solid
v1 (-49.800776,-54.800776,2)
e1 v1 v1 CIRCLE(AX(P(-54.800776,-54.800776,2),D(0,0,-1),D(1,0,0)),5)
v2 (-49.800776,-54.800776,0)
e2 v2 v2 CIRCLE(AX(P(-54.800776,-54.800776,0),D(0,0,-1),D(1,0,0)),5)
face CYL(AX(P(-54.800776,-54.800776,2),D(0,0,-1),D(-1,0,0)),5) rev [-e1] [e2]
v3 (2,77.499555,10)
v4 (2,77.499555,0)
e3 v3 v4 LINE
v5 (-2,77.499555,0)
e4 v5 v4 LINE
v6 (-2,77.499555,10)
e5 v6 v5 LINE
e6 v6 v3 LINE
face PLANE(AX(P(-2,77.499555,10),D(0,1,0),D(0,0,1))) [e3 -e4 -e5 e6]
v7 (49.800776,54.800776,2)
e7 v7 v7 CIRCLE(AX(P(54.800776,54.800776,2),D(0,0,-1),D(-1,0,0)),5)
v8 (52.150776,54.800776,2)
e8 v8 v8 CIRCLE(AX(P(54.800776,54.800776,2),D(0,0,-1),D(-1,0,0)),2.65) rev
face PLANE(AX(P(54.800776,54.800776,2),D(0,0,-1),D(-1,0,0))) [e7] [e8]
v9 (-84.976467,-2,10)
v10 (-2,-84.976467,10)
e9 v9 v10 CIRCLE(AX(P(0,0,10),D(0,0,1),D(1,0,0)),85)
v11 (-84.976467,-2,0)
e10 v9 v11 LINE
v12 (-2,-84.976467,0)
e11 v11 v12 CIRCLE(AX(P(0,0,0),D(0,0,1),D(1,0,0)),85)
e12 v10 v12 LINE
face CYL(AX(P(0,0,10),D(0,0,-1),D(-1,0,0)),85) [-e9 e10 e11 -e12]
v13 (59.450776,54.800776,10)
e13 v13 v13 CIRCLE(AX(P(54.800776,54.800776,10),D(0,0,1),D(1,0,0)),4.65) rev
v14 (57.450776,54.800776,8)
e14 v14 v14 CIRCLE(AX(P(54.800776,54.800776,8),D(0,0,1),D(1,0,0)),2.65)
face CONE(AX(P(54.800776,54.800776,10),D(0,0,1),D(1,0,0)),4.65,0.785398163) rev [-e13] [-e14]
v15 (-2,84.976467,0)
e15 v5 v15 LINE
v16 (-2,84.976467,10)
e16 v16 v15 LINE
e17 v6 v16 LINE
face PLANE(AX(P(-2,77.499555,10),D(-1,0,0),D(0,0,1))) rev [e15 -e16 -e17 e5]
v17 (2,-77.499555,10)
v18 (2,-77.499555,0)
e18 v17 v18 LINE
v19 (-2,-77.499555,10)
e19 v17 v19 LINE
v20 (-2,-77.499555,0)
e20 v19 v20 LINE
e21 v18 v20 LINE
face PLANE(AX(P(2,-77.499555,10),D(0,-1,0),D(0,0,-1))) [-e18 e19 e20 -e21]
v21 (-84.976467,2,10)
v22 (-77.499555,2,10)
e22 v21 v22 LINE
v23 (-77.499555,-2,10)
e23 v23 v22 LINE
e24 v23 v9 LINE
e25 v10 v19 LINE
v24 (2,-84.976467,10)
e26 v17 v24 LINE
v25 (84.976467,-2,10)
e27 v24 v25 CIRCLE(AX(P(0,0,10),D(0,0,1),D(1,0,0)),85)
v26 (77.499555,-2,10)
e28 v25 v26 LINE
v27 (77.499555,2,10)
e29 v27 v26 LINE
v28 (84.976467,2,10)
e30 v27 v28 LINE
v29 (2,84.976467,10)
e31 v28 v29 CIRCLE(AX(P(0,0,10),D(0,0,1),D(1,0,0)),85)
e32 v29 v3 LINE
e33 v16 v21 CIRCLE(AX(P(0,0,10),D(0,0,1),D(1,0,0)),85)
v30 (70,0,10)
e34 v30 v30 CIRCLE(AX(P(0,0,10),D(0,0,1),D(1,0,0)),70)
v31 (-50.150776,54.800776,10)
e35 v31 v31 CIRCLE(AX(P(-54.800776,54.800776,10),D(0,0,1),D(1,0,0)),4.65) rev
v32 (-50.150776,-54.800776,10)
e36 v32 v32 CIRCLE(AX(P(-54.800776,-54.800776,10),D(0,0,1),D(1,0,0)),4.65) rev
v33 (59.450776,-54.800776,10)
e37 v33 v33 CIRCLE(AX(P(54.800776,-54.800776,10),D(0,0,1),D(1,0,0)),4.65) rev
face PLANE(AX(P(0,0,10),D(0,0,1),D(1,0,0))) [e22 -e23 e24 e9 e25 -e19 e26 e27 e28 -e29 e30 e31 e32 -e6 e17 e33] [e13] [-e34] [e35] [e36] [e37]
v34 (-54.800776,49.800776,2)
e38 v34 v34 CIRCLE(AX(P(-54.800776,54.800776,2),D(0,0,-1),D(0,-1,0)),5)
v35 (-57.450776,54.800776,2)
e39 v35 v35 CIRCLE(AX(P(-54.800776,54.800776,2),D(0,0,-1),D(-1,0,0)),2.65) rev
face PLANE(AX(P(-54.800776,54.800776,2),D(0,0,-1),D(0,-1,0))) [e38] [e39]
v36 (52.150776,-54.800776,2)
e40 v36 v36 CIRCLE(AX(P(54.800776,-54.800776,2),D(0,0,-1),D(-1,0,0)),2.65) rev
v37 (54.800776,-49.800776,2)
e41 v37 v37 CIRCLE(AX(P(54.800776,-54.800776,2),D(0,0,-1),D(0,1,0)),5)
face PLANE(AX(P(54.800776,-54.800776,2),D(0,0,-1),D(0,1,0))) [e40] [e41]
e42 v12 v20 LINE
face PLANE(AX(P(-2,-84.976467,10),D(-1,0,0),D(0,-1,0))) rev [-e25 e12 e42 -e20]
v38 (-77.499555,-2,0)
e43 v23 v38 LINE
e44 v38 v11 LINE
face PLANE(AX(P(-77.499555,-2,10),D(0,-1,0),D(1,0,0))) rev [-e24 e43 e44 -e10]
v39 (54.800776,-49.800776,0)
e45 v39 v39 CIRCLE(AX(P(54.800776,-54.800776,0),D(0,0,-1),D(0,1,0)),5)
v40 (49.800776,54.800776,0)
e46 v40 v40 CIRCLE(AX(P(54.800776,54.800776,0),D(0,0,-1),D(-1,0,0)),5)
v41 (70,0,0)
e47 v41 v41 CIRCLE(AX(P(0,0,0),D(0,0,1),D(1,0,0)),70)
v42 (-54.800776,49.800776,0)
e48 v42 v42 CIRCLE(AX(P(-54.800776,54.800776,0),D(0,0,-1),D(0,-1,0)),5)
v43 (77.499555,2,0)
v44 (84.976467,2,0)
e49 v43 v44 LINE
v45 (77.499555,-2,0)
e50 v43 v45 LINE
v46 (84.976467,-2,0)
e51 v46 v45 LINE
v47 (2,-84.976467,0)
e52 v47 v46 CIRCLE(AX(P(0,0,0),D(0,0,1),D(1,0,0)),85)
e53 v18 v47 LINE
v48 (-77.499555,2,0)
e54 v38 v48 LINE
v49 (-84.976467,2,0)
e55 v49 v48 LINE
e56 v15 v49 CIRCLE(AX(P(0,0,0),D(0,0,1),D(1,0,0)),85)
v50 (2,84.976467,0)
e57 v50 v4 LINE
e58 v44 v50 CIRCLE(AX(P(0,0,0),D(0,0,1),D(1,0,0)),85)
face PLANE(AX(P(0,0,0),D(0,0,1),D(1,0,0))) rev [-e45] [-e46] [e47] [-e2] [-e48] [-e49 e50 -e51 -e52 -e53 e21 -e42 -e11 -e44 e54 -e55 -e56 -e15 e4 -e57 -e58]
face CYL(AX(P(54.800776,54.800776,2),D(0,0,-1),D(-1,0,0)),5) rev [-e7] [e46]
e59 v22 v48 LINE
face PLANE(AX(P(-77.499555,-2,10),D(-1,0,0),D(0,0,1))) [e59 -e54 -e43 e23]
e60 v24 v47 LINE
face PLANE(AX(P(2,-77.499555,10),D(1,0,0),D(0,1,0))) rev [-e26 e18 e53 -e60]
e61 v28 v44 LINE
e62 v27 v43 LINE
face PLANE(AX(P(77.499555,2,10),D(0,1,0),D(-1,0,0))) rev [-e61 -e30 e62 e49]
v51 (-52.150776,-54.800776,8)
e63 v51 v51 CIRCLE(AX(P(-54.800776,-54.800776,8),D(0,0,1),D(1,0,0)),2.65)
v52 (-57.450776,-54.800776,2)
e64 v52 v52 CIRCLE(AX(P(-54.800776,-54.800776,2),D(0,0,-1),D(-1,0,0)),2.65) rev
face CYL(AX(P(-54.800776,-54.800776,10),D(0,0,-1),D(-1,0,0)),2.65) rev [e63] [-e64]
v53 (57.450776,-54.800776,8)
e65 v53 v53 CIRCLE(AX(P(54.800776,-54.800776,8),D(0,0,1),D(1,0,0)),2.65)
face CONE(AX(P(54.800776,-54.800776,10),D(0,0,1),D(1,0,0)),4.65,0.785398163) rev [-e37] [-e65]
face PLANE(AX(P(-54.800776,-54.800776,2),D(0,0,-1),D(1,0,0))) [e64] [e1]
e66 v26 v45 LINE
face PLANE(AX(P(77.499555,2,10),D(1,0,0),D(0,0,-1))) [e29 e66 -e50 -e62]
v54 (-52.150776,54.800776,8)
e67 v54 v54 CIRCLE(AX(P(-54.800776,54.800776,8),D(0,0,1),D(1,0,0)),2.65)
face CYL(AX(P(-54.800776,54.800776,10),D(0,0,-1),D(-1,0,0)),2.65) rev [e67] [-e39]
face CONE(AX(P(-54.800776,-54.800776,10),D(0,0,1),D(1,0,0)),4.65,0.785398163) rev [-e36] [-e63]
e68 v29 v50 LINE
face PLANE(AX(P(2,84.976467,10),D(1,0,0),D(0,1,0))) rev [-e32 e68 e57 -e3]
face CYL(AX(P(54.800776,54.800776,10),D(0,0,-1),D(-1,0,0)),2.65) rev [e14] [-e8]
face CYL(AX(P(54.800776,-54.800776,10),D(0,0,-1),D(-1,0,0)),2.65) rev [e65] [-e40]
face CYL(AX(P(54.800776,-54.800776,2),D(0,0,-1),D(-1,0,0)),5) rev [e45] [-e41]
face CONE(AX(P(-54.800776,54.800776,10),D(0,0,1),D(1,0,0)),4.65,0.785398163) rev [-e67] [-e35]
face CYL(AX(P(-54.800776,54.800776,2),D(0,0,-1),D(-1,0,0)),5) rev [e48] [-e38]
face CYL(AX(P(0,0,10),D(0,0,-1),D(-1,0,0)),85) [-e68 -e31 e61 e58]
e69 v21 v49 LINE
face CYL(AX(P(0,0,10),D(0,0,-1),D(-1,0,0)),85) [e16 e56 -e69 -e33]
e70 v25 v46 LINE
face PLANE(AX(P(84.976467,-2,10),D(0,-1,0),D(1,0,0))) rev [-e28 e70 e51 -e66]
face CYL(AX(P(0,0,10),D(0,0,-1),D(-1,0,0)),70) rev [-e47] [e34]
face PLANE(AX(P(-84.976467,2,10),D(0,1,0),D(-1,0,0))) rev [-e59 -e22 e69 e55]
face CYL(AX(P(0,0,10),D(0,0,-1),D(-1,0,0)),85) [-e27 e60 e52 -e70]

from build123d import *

# Parameters (mm, degrees)
SKETCH1_R                  = 70
BOSS_EXTRUDE1_DEPTH        = 10
SKETCH2_R                  = 2.65
WYTNIJ_WYCI_GNI_CIE1_DEPTH = 10
SZKIC1_R                   = 5
WYTNIJ_WYCI_GNI_CIE2_DEPTH = 2
SZYK_KO_OWY1_COUNT         = 4
SFAZOWANIE1_SIZE           = 2


with BuildPart() as part:
    # Sketch1 → Boss-Extrude1 (new body)
    with BuildSketch(Plane.XY):
        with BuildLine():
            Line((84.976467331, -2), (77.499555144, -2))
            Line((77.499555144, -2), (77.499555144, 2))
            Line((77.499555144, 2), (84.976467331, 2))
            ThreePointArc((84.976467331, 2), (60.104076401, 60.104076401), (2, 84.976467331))
            Line((2, 84.976467331), (2, 77.499555144))
            Line((2, 77.499555144), (-2, 77.499555144))
            Line((-2, 77.499555144), (-2, 84.976467331))
            ThreePointArc((-2, 84.976467331), (-60.104076401, 60.104076401), (-84.976467331, 2))
            Line((-84.976467331, 2), (-77.499555144, 2))
            Line((-77.499555144, 2), (-77.499555144, -2))
            Line((-77.499555144, -2), (-84.976467331, -2))
            ThreePointArc((-84.976467331, -2), (-60.104076401, -60.104076401), (-2, -84.976467331))
            Line((-2, -84.976467331), (-2, -77.499555144))
            Line((-2, -77.499555144), (2, -77.499555144))
            Line((2, -77.499555144), (2, -84.976467331))
            ThreePointArc((2, -84.976467331), (60.104076401, -60.104076401), (84.976467331, -2))
        make_face()
        Circle(SKETCH1_R, mode=Mode.SUBTRACT)
    extrude(amount=BOSS_EXTRUDE1_DEPTH)

    # Sketch2 → Wytnij-wyciągnięcie1 (cut)
    with BuildSketch(Plane(origin=(0, 0, 0), x_dir=(-1, 0, 0), z_dir=(0, 0, -1))):
        with Locations((-54.800775542, 54.800775542)):
            Circle(SKETCH2_R)
        with Locations((54.800775542, 54.800775542)):
            Circle(SKETCH2_R)
        with Locations((54.800775542, -54.800775542)):
            Circle(SKETCH2_R)
        with Locations((-54.800775542, -54.800775542)):
            Circle(SKETCH2_R)
    extrude(amount=-WYTNIJ_WYCI_GNI_CIE1_DEPTH, mode=Mode.SUBTRACT)

    # Szkic1 → Wytnij-wyciągnięcie2 (cut)
    with BuildSketch(Plane(origin=(0, 0, 0), x_dir=(-1, 0, 0), z_dir=(0, 0, -1))):
        with Locations((-54.800775542, 54.800775542)):
            Circle(SZKIC1_R)
    wytnij_wyci_gni_cie2 = extrude(amount=-WYTNIJ_WYCI_GNI_CIE2_DEPTH, mode=Mode.SUBTRACT)

    # Szyk kołowy1: Wytnij-wyciągnięcie2 ×4 about axis
    szyk_ko_owy1_axis = Axis((0, 0, 0), (0, 0, 1))
    for i in range(1, SZYK_KO_OWY1_COUNT):
        add(wytnij_wyci_gni_cie2.rotate(szyk_ko_owy1_axis, i * 360 / SZYK_KO_OWY1_COUNT), mode=Mode.SUBTRACT)

    # Sfazowanie1
    sfazowanie1_edges = [part.edges().sort_by_distance(p)[0] for p in [
        (57.450775542, -54.800775542, 10),
        (-52.150775542, -54.800775542, 10),
        (-52.150775542, 54.800775542, 10),
        (57.450775542, 54.800775542, 10),
    ]]
    chamfer(sfazowanie1_edges, length=SFAZOWANIE1_SIZE)


solid = part.part
